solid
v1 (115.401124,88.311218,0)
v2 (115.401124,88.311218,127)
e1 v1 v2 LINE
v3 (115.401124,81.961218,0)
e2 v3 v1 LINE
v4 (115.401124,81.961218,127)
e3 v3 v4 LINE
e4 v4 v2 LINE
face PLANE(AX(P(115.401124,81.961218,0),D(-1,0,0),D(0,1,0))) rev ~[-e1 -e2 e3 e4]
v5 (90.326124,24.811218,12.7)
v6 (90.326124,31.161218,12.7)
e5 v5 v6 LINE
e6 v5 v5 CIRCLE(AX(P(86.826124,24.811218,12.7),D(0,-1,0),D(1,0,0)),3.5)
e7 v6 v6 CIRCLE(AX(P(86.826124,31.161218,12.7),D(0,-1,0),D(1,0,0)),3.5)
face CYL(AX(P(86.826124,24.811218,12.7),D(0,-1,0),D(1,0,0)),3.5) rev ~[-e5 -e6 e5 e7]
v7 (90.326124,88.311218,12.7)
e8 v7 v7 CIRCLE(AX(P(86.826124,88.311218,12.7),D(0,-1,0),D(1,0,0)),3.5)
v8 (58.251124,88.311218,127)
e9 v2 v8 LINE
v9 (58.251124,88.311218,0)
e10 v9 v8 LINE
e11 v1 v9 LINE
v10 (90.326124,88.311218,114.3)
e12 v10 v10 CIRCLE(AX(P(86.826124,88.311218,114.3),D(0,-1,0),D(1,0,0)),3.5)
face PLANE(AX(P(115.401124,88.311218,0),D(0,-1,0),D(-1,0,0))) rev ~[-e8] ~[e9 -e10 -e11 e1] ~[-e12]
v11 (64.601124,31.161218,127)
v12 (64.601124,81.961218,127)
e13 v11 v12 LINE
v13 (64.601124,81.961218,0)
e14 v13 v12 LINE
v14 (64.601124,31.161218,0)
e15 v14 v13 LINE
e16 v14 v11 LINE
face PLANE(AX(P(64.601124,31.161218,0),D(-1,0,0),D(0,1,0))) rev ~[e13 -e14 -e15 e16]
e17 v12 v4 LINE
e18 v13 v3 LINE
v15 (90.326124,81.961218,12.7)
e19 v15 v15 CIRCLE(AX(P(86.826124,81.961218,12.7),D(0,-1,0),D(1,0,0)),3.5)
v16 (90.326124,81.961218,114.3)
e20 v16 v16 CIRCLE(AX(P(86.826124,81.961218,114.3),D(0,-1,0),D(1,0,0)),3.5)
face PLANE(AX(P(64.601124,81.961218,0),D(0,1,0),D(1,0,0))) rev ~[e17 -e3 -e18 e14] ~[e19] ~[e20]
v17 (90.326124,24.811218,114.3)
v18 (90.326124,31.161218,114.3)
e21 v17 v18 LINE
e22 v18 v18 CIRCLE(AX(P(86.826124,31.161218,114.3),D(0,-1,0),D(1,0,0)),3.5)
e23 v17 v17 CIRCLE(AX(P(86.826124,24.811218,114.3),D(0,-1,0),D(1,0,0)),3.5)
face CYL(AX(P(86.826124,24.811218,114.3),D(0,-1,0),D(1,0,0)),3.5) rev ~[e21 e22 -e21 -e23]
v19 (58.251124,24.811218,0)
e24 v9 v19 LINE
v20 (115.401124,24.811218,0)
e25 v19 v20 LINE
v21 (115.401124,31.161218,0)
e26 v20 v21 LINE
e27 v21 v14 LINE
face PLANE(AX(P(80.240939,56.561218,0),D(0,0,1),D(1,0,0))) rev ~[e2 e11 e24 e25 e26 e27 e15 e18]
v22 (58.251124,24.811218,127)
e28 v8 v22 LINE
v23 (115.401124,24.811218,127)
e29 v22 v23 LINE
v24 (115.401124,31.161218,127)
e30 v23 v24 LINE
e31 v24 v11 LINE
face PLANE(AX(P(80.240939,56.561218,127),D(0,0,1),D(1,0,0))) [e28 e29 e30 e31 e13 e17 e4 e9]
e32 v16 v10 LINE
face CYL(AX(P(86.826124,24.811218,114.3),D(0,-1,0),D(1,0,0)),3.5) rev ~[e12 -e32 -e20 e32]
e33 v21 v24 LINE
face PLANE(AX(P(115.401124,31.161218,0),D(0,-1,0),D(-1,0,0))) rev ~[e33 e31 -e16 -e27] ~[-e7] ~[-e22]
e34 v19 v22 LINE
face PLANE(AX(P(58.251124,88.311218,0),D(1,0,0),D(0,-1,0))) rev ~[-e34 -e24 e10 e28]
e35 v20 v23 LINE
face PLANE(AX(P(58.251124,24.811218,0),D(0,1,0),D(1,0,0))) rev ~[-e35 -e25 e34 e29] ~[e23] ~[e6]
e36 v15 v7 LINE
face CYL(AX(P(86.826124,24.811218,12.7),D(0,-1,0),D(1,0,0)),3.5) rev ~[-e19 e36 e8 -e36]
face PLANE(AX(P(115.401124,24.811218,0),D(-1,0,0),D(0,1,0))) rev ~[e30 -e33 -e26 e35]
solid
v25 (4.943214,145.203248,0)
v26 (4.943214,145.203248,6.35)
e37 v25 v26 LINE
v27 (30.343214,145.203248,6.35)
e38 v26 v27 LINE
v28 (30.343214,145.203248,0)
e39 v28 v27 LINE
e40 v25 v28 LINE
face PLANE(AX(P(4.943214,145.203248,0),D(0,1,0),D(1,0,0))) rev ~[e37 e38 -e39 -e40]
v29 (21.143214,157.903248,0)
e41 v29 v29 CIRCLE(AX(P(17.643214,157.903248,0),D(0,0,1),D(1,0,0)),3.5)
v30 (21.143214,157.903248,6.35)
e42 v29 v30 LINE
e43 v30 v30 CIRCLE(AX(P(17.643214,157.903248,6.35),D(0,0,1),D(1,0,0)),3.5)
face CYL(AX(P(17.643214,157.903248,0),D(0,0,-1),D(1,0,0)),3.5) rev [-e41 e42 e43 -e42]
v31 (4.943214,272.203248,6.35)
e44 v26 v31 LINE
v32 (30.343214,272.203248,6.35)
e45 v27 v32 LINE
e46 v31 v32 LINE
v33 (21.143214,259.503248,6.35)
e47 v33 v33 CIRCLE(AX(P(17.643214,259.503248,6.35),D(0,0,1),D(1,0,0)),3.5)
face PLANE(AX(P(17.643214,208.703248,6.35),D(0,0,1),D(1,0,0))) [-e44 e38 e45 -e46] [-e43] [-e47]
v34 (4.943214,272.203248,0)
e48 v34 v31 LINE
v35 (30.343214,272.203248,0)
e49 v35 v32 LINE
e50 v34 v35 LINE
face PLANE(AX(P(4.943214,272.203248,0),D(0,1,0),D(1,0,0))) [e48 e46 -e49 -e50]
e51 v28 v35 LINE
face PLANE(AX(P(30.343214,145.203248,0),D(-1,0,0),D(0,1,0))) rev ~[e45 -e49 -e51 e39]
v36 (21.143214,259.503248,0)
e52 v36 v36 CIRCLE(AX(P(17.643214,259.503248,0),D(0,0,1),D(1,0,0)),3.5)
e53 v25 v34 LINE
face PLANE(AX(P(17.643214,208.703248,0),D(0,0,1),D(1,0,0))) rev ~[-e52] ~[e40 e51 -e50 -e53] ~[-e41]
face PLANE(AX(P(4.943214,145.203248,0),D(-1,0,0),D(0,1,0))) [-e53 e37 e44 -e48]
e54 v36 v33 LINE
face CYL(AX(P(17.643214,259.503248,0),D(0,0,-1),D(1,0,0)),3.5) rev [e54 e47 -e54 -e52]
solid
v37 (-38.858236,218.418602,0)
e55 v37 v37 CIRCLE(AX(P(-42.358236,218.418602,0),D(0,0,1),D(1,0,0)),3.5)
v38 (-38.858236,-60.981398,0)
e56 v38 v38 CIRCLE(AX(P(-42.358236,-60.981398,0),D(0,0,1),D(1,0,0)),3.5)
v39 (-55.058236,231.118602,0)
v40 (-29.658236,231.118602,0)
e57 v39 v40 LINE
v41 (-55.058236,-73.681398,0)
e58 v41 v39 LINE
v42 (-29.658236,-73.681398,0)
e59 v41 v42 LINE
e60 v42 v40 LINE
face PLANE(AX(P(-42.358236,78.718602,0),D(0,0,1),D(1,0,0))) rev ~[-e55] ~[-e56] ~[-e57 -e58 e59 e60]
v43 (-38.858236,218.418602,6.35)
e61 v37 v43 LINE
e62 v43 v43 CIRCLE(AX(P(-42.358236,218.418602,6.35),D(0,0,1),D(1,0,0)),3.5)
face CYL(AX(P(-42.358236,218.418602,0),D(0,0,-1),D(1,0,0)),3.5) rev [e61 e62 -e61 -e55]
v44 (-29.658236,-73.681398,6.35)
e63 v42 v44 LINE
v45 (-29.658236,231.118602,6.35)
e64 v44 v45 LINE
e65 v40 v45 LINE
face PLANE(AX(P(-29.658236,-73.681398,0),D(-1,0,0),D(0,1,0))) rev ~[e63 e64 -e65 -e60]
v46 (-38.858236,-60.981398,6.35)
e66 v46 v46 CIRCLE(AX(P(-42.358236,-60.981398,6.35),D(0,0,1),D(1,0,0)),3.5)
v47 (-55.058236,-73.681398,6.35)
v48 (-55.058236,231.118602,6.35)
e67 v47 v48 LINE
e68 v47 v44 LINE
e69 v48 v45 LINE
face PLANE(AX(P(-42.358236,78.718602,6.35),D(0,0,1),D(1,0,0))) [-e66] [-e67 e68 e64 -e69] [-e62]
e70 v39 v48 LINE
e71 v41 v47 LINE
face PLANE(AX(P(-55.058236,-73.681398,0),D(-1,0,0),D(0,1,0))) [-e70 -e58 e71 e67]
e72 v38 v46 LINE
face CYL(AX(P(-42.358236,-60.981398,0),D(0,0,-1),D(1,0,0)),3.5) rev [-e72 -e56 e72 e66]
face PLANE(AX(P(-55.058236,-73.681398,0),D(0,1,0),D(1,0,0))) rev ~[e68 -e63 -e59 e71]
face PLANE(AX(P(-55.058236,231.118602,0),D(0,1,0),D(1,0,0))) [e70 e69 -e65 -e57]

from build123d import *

# Parameters (mm, degrees)
F0_W     = 25.4
F0_H     = 304.8
F0_R     = 3.5
F0_H_2   = 127
F1_DEPTH = 6.35
F2_DEPTH = 127
F3_R     = 3.5
F4_DEPTH = 91.44


with BuildPart() as f1:
    # F0 (on Top) → F1 (new body)
    with BuildSketch(Plane.XY):
        with Locations((-42.358236, 78.718602)):
            Rectangle(F0_W, F0_H)
        with Locations((-42.358236, -60.981398)):
            Circle(F0_R, mode=Mode.SUBTRACT)
        with Locations((-42.358236, 218.418602)):
            Circle(F0_R, mode=Mode.SUBTRACT)
        with Locations((17.643214, 208.703248)):
            Rectangle(F0_W, F0_H_2)
        with Locations((17.643214, 157.903248)):
            Circle(F0_R, mode=Mode.SUBTRACT)
        with Locations((17.643214, 259.503248)):
            Circle(F0_R, mode=Mode.SUBTRACT)
    extrude(amount=F1_DEPTH)


with BuildPart() as f2:
    # F0 (on Top) → F2 (new body)
    with BuildSketch(Plane.XY):
        Polygon((115.401124, 88.311218), (58.251124, 88.311218), (58.251124, 24.811218), (115.401124, 24.811218), (115.401124, 31.161218), (64.601124, 31.161218), (64.601124, 81.961218), (115.401124, 81.961218), align=None)
    extrude(amount=F2_DEPTH)

    # F3 (on face) → F4 (cut)
    with BuildSketch(Plane.XZ.offset(-24.811218)):
        with Locations((86.826124, 114.3)):
            Circle(F3_R)
        with Locations((86.826124, 12.7)):
            Circle(F3_R)
    extrude(amount=-F4_DEPTH, mode=Mode.SUBTRACT)


solid = Compound([f1.part, f2.part])
